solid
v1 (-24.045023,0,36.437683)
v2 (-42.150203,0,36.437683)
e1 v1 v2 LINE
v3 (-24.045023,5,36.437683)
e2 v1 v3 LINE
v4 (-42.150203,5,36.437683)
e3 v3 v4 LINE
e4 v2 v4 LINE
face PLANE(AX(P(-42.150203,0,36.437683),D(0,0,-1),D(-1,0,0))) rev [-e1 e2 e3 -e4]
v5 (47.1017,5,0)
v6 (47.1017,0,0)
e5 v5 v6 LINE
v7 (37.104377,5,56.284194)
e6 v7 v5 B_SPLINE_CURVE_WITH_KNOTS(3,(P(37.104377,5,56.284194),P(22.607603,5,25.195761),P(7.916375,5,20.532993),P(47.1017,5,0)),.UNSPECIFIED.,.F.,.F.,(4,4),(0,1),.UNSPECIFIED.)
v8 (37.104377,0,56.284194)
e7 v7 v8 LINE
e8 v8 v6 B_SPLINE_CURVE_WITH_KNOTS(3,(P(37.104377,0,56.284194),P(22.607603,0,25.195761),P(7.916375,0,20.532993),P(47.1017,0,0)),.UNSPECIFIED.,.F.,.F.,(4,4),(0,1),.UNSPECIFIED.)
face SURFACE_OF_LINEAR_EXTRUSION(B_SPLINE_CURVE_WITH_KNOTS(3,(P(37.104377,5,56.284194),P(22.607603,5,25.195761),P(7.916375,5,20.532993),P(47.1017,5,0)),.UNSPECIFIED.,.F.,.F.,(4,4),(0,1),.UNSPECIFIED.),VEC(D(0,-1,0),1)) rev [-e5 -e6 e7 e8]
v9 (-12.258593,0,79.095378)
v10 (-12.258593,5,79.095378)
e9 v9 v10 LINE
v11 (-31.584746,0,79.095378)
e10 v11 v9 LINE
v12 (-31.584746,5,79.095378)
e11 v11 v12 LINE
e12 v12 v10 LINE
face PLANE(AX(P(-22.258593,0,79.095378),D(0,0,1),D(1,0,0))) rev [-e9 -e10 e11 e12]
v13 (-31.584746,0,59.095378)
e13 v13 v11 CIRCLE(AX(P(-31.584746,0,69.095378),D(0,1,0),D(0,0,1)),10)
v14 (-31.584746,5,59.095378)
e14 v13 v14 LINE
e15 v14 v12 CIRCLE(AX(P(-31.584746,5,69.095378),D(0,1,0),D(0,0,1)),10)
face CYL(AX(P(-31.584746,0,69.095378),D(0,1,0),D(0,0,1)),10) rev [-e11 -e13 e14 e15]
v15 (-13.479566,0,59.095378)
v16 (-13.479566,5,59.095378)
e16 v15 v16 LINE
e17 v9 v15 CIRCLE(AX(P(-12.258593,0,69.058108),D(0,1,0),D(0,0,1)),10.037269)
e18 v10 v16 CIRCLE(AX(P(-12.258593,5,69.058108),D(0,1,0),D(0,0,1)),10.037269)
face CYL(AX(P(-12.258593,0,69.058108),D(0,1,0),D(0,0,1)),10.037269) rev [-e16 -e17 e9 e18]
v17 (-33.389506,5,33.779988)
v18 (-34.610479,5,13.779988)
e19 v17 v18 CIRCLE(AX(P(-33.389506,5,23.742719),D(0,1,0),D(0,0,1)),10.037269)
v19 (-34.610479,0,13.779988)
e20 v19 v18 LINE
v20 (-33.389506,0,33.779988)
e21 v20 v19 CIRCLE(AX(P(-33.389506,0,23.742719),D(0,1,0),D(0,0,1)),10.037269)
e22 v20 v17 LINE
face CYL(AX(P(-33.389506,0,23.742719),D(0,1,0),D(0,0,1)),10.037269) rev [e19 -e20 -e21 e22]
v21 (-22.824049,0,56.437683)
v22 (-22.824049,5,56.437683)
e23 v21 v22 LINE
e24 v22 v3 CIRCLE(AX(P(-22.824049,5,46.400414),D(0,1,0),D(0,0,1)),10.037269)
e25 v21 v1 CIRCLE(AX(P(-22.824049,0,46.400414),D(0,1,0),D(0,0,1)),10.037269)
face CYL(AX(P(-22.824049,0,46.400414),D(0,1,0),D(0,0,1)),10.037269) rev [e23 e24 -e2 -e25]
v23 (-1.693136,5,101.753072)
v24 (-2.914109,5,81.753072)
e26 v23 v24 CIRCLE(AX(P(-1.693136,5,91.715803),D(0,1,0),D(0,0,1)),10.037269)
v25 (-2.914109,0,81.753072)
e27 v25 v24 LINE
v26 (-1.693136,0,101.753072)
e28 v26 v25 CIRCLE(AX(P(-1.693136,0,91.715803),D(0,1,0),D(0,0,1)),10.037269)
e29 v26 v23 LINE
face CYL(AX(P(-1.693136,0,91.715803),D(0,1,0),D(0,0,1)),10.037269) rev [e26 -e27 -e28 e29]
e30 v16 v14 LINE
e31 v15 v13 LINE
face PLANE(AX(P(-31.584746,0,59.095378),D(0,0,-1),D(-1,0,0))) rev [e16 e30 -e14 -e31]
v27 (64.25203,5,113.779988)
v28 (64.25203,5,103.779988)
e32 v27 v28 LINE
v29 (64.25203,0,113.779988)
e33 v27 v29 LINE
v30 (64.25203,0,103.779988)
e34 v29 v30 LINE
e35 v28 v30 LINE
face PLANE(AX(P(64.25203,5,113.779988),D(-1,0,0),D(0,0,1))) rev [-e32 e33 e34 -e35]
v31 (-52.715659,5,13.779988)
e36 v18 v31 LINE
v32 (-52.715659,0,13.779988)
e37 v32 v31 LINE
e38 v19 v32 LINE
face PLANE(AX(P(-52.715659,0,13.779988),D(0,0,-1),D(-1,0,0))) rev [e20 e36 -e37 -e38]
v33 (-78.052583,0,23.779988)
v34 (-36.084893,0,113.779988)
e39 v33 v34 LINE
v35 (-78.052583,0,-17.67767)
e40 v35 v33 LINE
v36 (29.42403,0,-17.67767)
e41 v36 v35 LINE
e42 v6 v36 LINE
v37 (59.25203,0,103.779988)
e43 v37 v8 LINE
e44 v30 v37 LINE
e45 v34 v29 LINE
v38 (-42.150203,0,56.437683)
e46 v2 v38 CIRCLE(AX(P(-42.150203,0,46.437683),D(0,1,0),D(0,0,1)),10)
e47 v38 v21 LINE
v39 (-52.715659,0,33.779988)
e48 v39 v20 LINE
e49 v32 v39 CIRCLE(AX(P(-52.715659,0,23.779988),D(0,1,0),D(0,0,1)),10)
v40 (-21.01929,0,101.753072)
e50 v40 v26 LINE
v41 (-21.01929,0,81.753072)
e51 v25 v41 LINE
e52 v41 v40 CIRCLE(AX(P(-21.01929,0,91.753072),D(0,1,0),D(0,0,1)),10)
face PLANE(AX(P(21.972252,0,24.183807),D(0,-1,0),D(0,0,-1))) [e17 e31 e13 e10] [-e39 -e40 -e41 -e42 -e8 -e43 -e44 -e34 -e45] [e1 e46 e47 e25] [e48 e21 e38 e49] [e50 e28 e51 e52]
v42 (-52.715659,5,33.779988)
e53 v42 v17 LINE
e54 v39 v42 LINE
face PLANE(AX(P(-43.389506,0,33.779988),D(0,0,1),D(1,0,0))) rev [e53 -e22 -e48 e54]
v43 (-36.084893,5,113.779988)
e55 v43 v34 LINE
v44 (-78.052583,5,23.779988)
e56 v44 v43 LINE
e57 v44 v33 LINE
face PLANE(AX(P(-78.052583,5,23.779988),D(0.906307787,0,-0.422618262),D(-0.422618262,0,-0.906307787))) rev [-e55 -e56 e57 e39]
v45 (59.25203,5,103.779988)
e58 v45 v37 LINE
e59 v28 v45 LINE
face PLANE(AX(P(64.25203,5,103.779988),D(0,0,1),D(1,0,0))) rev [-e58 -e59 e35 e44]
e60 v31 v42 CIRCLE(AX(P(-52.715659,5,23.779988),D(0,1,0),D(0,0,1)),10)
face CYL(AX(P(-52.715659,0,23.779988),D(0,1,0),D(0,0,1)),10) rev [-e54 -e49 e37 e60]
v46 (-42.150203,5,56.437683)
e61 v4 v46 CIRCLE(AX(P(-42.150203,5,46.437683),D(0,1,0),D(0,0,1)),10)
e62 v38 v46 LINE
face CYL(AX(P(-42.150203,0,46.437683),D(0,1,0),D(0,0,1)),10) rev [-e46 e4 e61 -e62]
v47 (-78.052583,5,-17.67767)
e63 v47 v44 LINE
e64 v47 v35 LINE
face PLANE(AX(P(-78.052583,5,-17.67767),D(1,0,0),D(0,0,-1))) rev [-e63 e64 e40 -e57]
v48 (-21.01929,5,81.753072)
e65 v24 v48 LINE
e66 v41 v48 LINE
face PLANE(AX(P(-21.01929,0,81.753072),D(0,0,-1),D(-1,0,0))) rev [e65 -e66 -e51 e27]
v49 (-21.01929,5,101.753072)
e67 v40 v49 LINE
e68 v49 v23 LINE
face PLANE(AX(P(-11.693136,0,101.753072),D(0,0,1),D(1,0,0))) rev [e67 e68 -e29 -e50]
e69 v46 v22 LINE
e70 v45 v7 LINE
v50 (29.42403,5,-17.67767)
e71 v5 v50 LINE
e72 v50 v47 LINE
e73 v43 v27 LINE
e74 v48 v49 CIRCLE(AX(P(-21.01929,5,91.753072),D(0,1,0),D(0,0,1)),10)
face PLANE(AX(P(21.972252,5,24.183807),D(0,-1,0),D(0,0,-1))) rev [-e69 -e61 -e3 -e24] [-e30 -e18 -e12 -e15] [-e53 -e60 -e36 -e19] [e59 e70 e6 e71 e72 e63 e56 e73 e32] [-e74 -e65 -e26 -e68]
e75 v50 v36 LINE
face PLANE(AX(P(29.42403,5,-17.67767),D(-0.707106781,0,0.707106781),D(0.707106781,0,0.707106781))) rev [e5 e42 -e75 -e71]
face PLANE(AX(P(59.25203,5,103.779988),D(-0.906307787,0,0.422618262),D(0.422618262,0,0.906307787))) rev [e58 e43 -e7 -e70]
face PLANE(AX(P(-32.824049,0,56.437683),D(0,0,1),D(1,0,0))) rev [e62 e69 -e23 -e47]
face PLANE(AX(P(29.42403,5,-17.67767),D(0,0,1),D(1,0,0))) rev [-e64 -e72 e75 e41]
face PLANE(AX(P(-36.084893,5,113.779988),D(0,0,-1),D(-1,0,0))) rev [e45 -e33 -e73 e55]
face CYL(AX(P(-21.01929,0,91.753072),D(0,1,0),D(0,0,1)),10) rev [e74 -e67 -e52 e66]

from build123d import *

# Parameters (mm, degrees)
BOSS_EXTRUDE1_DEPTH = 5
CUT_EXTRUDE1_DEPTH  = 5
CRVPATTERN1_COUNT   = 4
CRVPATTERN1_PITCH   = 25


with BuildPart() as part:
    # Sketch1 → Boss-Extrude1 (new body)
    with BuildSketch(Plane(origin=(0, 0, 0), x_dir=(1, 0, 0), z_dir=(0, 1, 0))):
        with BuildLine():
            Line((29.424030449, 17.67766953), (-78.052582598, 17.67766953))
            Line((-78.052582598, 17.67766953), (-78.052582598, -23.77998841))
            Line((-78.052582598, -23.77998841), (-36.084893364, -113.77998841))
            Line((-36.084893364, -113.77998841), (64.252030054, -113.77998841))
            Line((64.252030054, -113.77998841), (64.252030054, -103.77998841))
            Line((64.252030054, -103.77998841), (59.252030054, -103.77998841))
            Line((59.252030054, -103.77998841), (37.104377349, -56.284193911))
            add(Edge.make_bspline(
                [(47.101699979, 0), (7.916375449, -20.532992836), (22.607602938, -25.195760862), (37.104377349, -56.284193911)],
                knots=[0, 0, 0, 0, 1, 1, 1, 1], degree=3))
            Line((47.101699979, 0), (29.424030449, 17.67766953))
        make_face()
    extrude(amount=BOSS_EXTRUDE1_DEPTH)

    # Sketch2 → Cut-Extrude1 (cut)
    with BuildSketch(Plane(origin=(0, 5, 0), x_dir=(1, 0, 0), z_dir=(0, 1, 0))):
        with BuildLine():
            Line((-52.71565918, -13.77998841), (-42.71565918, -13.77998841))
            Line((-42.71565918, -13.77998841), (-34.610479114, -13.77998841))
            ThreePointArc((-34.610479114, -13.77998841), (-23.370888656, -23.131095914), (-33.389506017, -33.77998841))
            Line((-33.389506017, -33.77998841), (-43.389506017, -33.77998841))
            Line((-43.389506017, -33.77998841), (-52.71565918, -33.77998841))
            ThreePointArc((-52.71565918, -33.77998841), (-62.71565918, -23.77998841), (-52.71565918, -13.77998841))
        make_face()
    cut_extrude1 = extrude(amount=-CUT_EXTRUDE1_DEPTH, mode=Mode.SUBTRACT)

    # CrvPattern1: Cut-Extrude1 ×4
    with Locations(*[Vector(0.4226182619677251, 0, 0.9063077869307863) * (i * CRVPATTERN1_PITCH) for i in range(1, CRVPATTERN1_COUNT)]):
        add(cut_extrude1, mode=Mode.SUBTRACT)


solid = part.part
